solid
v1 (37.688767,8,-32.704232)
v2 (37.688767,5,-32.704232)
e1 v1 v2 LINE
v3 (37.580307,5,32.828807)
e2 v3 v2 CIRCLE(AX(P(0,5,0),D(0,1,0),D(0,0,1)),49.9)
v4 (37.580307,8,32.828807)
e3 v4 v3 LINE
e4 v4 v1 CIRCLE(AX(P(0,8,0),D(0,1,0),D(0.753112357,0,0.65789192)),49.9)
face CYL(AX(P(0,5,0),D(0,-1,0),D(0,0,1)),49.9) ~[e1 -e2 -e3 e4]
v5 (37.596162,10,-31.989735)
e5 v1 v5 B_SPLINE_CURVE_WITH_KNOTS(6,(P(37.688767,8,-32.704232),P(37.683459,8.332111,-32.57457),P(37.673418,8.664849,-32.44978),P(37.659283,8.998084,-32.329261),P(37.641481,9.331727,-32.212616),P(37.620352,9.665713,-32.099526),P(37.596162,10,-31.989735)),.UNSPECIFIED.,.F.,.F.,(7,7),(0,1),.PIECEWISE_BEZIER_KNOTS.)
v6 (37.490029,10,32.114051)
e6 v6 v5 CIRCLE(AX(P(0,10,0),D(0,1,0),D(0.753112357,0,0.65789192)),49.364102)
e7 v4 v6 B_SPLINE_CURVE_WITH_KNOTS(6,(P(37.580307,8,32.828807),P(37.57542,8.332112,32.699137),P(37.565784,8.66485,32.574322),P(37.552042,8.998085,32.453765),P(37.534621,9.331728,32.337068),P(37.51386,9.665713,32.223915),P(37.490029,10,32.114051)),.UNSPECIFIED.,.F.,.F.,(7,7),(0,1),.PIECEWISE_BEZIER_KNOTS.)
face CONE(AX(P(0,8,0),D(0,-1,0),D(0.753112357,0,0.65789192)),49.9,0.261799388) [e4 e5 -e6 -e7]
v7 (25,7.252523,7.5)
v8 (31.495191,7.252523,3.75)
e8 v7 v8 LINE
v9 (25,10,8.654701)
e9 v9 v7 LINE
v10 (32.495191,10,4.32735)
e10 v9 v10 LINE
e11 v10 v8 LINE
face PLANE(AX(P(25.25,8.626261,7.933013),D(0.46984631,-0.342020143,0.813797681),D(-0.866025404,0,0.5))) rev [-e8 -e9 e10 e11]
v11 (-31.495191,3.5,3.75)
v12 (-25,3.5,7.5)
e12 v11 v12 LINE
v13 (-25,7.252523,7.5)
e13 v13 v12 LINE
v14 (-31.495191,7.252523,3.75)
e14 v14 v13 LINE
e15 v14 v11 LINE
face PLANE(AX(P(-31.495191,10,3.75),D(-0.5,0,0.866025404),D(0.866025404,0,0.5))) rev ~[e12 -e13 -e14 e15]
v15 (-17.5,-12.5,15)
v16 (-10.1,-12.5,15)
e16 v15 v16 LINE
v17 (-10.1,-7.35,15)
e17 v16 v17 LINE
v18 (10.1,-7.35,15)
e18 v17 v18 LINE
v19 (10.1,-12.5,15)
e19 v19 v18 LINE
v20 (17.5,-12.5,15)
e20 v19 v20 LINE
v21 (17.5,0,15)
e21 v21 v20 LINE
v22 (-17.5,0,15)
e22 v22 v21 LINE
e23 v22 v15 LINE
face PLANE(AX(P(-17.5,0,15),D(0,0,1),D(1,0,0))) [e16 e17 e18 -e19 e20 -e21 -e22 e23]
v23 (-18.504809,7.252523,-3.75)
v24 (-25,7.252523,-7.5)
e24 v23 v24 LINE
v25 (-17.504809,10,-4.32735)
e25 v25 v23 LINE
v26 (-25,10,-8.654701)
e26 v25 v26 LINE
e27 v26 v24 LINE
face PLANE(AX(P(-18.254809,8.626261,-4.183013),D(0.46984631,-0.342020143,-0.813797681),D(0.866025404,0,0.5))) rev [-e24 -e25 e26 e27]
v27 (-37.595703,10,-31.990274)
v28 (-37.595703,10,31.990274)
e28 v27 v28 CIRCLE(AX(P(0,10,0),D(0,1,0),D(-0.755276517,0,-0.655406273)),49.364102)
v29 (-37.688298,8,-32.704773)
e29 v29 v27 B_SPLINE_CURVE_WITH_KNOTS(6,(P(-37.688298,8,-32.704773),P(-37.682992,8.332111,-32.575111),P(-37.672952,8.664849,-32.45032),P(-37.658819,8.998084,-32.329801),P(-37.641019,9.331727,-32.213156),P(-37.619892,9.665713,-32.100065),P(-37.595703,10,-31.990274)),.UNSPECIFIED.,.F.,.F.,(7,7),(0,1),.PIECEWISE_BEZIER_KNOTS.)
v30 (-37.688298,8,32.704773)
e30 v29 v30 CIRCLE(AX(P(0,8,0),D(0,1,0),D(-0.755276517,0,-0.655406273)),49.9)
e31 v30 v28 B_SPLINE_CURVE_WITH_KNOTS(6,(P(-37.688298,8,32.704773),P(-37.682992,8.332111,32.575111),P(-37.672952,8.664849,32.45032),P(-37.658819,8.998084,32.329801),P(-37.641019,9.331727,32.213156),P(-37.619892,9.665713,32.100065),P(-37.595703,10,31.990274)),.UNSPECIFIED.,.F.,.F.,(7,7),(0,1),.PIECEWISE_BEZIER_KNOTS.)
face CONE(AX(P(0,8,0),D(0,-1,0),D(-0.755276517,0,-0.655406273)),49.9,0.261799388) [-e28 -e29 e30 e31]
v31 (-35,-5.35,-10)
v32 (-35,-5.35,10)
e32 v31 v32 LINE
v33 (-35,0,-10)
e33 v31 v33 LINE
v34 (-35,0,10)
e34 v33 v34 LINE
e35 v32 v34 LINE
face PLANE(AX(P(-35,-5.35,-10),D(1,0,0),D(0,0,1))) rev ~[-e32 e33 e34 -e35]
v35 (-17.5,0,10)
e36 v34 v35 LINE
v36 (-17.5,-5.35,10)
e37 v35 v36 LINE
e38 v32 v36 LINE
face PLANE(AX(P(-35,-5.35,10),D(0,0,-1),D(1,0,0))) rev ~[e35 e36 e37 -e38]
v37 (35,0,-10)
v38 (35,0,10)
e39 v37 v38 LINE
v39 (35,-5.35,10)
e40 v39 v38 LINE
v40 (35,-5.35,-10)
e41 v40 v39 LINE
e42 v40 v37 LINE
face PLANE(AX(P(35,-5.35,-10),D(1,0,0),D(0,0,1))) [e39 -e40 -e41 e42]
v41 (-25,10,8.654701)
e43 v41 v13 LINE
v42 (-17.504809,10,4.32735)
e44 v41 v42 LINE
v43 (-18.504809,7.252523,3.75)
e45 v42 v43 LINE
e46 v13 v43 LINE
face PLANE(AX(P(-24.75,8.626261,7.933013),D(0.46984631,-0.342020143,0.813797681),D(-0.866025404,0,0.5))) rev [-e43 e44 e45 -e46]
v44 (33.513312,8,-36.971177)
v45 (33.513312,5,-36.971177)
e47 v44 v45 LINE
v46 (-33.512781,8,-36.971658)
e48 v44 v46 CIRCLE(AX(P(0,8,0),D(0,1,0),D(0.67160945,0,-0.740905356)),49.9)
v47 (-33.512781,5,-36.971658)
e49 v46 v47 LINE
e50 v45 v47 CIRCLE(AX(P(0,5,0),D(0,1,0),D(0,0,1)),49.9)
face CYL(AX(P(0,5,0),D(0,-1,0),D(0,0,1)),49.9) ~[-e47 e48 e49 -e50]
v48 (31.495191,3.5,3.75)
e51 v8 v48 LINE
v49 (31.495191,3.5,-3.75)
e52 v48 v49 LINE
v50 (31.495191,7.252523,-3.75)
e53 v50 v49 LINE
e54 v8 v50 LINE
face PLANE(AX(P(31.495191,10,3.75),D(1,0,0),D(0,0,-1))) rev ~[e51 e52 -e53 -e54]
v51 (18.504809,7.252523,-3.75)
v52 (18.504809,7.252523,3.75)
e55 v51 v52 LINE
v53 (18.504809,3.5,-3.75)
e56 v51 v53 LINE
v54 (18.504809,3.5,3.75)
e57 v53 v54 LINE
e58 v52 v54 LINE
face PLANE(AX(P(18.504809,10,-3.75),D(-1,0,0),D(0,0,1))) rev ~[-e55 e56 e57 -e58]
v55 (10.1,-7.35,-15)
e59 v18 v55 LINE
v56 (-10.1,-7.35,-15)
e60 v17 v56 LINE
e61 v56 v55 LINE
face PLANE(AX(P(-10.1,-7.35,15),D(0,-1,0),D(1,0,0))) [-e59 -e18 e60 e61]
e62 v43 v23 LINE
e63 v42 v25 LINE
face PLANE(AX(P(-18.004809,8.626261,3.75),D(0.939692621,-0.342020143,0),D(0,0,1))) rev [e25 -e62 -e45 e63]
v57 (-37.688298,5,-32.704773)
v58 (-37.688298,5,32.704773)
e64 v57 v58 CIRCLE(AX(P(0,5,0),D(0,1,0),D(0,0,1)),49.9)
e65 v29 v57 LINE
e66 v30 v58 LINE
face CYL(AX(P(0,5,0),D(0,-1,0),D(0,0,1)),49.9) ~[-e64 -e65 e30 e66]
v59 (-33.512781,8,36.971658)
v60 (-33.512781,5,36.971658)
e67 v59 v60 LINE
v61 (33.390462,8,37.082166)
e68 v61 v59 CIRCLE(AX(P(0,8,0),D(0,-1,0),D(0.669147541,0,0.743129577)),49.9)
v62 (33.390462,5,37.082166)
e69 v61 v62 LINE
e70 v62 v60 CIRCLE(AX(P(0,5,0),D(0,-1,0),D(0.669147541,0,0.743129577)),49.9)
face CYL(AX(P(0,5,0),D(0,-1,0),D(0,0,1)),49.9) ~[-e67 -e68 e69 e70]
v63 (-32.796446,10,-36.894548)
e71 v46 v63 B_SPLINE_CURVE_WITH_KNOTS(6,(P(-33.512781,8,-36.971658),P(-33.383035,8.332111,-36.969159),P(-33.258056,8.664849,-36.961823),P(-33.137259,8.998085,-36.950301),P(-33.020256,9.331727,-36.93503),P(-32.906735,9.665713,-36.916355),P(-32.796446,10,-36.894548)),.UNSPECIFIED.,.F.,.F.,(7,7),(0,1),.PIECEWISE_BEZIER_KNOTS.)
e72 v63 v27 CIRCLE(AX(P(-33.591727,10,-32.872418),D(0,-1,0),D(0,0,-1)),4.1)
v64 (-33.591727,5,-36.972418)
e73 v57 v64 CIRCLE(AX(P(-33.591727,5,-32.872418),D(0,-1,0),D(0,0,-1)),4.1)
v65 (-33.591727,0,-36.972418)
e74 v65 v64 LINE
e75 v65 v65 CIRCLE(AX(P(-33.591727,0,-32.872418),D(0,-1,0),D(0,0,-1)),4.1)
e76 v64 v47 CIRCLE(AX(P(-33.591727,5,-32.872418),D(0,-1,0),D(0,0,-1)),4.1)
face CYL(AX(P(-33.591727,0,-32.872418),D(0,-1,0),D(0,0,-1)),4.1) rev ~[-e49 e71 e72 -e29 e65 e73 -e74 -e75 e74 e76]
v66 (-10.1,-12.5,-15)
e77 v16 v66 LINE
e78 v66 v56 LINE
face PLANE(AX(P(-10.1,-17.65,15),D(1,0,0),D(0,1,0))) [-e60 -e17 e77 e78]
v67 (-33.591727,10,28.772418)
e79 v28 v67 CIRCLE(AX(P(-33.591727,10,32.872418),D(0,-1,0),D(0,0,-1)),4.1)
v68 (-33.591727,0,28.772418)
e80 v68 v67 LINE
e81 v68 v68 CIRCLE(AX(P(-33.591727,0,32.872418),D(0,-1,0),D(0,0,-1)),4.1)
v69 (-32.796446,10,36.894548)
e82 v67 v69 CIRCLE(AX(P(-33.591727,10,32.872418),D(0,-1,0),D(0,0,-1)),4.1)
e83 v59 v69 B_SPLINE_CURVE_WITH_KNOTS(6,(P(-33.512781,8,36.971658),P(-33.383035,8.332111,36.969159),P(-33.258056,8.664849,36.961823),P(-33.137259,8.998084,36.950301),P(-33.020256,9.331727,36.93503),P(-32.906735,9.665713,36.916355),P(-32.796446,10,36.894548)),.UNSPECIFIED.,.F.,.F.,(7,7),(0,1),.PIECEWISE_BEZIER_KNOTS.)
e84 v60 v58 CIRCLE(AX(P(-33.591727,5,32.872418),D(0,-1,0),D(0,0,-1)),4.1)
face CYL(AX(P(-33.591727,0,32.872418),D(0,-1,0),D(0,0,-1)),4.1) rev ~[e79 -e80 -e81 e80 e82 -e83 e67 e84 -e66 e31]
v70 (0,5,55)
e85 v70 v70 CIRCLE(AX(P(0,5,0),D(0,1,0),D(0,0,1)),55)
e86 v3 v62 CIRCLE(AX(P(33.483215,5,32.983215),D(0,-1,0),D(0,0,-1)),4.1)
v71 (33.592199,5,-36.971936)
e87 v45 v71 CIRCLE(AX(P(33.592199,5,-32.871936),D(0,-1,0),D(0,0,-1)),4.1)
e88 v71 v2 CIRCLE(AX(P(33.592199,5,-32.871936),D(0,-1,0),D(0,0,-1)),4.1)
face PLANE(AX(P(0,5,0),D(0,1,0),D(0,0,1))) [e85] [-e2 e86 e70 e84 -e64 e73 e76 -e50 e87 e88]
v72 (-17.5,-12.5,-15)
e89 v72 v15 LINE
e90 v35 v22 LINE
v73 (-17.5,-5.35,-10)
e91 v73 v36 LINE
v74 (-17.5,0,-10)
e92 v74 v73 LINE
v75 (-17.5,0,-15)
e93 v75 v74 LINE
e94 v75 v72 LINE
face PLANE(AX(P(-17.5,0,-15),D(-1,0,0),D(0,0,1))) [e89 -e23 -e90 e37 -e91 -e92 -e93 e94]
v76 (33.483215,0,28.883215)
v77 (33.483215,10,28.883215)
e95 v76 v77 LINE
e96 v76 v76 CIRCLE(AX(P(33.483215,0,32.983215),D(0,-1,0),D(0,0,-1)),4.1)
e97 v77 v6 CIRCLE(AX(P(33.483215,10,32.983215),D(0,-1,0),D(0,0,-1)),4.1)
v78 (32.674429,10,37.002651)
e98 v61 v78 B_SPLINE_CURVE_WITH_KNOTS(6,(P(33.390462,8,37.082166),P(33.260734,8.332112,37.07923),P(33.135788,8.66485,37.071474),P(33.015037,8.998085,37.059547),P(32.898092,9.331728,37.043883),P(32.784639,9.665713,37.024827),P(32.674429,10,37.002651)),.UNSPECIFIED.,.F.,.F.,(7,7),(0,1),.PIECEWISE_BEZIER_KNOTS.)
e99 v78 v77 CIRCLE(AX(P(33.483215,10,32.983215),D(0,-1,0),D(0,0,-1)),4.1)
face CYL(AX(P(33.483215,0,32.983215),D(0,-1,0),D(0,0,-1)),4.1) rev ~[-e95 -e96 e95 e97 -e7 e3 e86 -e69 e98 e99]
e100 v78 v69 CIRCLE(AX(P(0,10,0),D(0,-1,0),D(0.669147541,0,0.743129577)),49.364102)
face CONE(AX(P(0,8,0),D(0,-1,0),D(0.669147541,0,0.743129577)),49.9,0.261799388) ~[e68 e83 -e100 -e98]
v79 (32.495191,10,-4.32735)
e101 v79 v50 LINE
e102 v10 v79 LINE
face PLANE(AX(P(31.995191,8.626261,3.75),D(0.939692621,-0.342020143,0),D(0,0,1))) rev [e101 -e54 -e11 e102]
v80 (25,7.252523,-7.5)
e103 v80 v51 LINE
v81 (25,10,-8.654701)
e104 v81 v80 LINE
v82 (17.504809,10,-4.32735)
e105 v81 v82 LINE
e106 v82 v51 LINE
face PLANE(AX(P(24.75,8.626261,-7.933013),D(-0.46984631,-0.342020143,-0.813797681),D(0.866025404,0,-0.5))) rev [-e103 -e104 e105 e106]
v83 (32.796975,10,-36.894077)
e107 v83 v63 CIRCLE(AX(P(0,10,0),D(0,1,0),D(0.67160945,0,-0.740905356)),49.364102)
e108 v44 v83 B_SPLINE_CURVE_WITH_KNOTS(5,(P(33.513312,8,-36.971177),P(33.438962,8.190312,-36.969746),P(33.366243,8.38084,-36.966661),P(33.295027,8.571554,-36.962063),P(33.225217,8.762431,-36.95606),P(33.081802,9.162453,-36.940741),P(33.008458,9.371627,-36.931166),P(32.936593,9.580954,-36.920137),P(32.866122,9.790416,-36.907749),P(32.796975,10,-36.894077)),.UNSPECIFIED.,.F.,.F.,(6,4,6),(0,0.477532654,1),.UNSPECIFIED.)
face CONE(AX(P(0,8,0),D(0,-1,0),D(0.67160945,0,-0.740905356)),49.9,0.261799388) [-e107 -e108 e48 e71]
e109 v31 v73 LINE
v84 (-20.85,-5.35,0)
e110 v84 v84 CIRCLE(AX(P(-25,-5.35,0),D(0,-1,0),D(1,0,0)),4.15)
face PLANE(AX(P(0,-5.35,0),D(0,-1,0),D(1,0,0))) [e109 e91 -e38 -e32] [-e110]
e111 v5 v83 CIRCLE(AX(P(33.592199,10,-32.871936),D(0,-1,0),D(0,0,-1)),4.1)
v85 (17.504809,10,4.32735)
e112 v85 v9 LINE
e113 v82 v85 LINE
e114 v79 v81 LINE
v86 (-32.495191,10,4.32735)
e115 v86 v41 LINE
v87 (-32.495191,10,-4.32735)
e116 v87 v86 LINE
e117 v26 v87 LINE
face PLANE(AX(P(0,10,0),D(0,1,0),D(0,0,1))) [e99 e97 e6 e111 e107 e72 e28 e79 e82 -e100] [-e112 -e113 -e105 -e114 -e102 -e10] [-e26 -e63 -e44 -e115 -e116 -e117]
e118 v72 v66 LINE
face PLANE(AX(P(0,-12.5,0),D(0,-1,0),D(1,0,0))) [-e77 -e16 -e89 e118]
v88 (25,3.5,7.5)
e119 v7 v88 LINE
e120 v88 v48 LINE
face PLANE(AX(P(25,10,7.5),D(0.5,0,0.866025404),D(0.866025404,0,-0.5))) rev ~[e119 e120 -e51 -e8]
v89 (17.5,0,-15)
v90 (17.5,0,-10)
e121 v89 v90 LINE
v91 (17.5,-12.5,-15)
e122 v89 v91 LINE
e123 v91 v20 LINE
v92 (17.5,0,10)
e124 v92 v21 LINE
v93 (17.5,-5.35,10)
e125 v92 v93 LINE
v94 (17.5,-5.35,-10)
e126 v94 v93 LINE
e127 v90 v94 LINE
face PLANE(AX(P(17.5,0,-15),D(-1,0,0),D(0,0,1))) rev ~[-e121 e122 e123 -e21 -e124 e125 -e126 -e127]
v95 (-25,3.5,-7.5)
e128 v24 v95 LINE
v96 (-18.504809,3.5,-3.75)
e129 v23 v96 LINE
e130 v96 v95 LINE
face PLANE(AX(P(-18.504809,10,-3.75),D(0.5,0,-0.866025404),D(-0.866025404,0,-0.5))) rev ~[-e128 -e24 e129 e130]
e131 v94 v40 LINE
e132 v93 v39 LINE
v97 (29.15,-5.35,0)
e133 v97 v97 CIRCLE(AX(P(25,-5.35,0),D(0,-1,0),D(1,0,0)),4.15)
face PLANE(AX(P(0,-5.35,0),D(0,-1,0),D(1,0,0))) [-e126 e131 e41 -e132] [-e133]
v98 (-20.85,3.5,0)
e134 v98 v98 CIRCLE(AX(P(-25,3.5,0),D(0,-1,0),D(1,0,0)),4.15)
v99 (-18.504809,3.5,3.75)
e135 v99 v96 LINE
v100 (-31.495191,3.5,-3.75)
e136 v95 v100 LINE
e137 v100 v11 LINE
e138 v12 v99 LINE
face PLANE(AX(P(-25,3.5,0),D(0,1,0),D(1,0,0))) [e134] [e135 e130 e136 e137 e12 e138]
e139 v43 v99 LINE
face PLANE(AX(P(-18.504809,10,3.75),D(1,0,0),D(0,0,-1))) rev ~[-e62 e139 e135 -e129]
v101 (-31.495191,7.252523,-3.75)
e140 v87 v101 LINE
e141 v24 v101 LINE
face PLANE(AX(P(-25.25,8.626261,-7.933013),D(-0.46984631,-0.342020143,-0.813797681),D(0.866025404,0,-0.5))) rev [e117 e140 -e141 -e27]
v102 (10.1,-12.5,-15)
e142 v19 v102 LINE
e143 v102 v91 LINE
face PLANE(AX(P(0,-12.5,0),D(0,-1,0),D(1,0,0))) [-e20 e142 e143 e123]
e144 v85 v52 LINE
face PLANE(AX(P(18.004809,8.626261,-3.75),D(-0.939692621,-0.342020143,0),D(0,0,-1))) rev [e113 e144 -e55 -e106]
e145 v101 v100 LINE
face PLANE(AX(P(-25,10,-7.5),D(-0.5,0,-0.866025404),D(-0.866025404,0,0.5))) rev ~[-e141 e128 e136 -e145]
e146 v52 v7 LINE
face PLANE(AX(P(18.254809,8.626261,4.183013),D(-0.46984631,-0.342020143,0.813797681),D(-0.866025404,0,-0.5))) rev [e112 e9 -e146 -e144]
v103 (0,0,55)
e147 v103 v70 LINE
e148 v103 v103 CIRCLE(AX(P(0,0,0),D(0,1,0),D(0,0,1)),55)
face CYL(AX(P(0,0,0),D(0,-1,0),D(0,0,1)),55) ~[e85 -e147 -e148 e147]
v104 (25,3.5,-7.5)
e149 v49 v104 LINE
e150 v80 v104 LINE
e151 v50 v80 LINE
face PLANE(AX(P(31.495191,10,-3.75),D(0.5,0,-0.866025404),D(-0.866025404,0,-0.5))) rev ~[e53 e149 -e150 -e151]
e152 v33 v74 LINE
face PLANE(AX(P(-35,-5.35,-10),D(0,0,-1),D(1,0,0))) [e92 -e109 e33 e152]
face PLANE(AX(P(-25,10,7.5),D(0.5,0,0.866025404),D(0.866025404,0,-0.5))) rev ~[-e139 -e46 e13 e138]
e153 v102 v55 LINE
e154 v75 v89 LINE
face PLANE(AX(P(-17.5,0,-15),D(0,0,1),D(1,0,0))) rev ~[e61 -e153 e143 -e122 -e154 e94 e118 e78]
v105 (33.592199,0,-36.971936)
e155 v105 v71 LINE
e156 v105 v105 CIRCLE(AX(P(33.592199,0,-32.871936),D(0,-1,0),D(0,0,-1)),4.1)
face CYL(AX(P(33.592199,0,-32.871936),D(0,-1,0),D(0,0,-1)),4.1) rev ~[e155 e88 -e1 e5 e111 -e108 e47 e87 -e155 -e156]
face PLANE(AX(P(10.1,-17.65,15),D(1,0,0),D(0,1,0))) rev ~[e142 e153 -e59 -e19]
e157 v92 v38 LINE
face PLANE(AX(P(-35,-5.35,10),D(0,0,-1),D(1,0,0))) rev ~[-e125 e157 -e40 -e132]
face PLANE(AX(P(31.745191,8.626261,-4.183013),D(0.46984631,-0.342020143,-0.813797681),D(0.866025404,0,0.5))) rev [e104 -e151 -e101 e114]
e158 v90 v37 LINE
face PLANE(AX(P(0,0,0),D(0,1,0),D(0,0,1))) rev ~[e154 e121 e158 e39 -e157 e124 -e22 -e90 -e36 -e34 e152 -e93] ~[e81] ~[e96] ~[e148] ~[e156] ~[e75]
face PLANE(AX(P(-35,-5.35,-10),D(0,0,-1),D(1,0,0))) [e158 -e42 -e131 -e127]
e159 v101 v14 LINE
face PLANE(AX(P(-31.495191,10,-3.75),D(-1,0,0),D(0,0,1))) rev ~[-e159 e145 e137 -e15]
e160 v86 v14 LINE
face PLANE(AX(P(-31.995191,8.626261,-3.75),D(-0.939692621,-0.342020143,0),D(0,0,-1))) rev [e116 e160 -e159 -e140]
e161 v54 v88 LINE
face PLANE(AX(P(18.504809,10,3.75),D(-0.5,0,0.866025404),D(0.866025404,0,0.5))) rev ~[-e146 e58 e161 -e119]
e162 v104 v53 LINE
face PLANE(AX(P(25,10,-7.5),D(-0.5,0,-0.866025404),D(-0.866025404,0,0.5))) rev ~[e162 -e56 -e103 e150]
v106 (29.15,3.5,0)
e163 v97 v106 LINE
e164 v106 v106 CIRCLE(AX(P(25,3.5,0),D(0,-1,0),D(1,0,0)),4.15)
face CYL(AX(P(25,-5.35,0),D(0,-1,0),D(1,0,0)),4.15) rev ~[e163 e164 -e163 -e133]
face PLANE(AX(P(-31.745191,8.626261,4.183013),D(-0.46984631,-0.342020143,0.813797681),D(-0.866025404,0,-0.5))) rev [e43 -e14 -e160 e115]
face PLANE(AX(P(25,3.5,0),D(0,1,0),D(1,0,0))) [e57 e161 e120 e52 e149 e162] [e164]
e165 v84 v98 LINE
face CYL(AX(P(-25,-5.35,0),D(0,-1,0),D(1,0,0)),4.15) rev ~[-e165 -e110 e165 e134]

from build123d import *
from OCP.BRepFilletAPI import BRepFilletAPI_MakeChamfer

# Parameters (mm, degrees)
SKETCH_1_R          = 55
EXTRUDE_1_DEPTH     = 5
SKETCH_2_R          = 49.9
EXTRUDE_2_DEPTH     = 5
SKETCH_3_W          = 35
SKETCH_3_H          = 30
EXTRUDE_3_DEPTH     = 25
SKETCH_4_W          = 20.2
SKETCH_4_H          = 10.3
CUT_EXTRUDE_1_DEPTH = 93.466210045
SKETCH_5_R          = 4.1
CUT_EXTRUDE_2_DEPTH = 82.700673192
CHAMFER1_SIZE       = 2
CHAMFER1_SIZE2      = 0.535898385
SKETCH2_W           = 35
SKETCH2_H           = 30
CUT_EXTRUDE1_DEPTH  = 12.5
BOSS_EXTRUDE1_START = -2
SKETCH4_W           = 70
SKETCH4_H           = 20
BOSS_EXTRUDE1_DEPTH = 5.35
SKETCH5_R           = 4.15
CUT_EXTRUDE2_DEPTH  = 80.281917882
CUT_EXTRUDE3_DEPTH  = 6.5
CHAMFER2_SIZE       = 1
CHAMFER2_SIZE2      = 2.747477419


with BuildPart() as part:
    # Эскиз1 → Бобышка-Вытянуть1 (new body)
    with BuildSketch(Plane(origin=(0, 0, 0), x_dir=(1, 0, 0), z_dir=(0, 1, 0))):
        with Locations(Location((0, 0, 0), (0, 0, 270))):
            Circle(SKETCH_1_R)
    extrude(amount=EXTRUDE_1_DEPTH)

    # Эскиз2 → Бобышка-Вытянуть2 (add)
    with BuildSketch(Plane(origin=(0, 5, 0), x_dir=(1, 0, 0), z_dir=(0, 1, 0))):
        with Locations(Location((0, 0, 0), (0, 0, 270))):
            Circle(SKETCH_2_R)
    extrude(amount=EXTRUDE_2_DEPTH)

    # Эскиз3 → Бобышка-Вытянуть3 (add)
    with BuildSketch(Plane.XZ):
        Rectangle(SKETCH_3_W, SKETCH_3_H)
    extrude(amount=EXTRUDE_3_DEPTH)

    # Эскиз4 → Вырез-Вытянуть1 (cut, through all)
    with BuildSketch(Plane.XY.offset(15)):
        with Locations((0, -12.5)):
            Rectangle(SKETCH_4_W, SKETCH_4_H)
    extrude(amount=-CUT_EXTRUDE_1_DEPTH, mode=Mode.SUBTRACT)

    # Эскиз5 → Вырез-Вытянуть2 (cut, through all)
    with BuildSketch(Plane.XZ):
        with Locations(Location((33.592198598, -32.871936263, 0), (0, 0, 270))):
            Circle(SKETCH_5_R)
        with Locations(Location((-33.591727056, -32.872418125, 0), (0, 0, 270))):
            Circle(SKETCH_5_R)
        with Locations(Location((-33.591727056, 32.872418125, 0), (0, 0, 270))):
            Circle(SKETCH_5_R)
        with Locations(Location((33.483215177, 32.983215177, 0), (0, 0, 270))):
            Circle(SKETCH_5_R)
    extrude(amount=-CUT_EXTRUDE_2_DEPTH, mode=Mode.SUBTRACT)

    # Chamfer1: one chamfer whose edges measure the first distance from different faces: ONE call of the kernel's chamfer builder (chamfer() names one face for all edges)
    chamfer1_edges_1 = [part.edges().sort_by_distance(p)[0] for p in [
        (0.000357897, 10, -49.899999999),
    ]]
    chamfer1_side_1 = [part.faces().sort_by_distance(p)[0] for p in [
        (0.000357897, 7.5, -49.899999999),
    ]]
    chamfer1_edges_2 = [part.edges().sort_by_distance(p)[0] for p in [
        (-49.9, 10, 0),
    ]]
    chamfer1_side_2 = [part.faces().sort_by_distance(p)[0] for p in [
        (-49.9, 7.5, 0),
    ]]
    chamfer1_edges_3 = [part.edges().sort_by_distance(p)[0] for p in [
        (-0.08242255, 10, 49.899931929),
    ]]
    chamfer1_side_3 = [part.faces().sort_by_distance(p)[0] for p in [
        (-0.08242255, 7.5, 49.899931929),
    ]]
    chamfer1_edges_4 = [part.edges().sort_by_distance(p)[0] for p in [
        (49.899931657, 10, 0.082587101),
    ]]
    chamfer1_side_4 = [part.faces().sort_by_distance(p)[0] for p in [
        (49.899931657, 7.5, 0.082587101),
    ]]
    chamfer1 = BRepFilletAPI_MakeChamfer(part.part.solid().wrapped)
    for e in chamfer1_edges_1:
        chamfer1.Add(CHAMFER1_SIZE, CHAMFER1_SIZE2, e.wrapped, chamfer1_side_1[0].wrapped)  # the first distance lies on this face
    for e in chamfer1_edges_2:
        chamfer1.Add(CHAMFER1_SIZE, CHAMFER1_SIZE2, e.wrapped, chamfer1_side_2[0].wrapped)  # the first distance lies on this face
    for e in chamfer1_edges_3:
        chamfer1.Add(CHAMFER1_SIZE, CHAMFER1_SIZE2, e.wrapped, chamfer1_side_3[0].wrapped)  # the first distance lies on this face
    for e in chamfer1_edges_4:
        chamfer1.Add(CHAMFER1_SIZE, CHAMFER1_SIZE2, e.wrapped, chamfer1_side_4[0].wrapped)  # the first distance lies on this face
    add(Compound.cast(chamfer1.Shape()), mode=Mode.REPLACE)

    # Sketch2 → Cut-Extrude1 (cut)
    with BuildSketch(Plane.XZ.offset(25)):
        Rectangle(SKETCH2_W, SKETCH2_H)
    extrude(amount=-CUT_EXTRUDE1_DEPTH, mode=Mode.SUBTRACT)

    # Sketch4 → Boss-Extrude1 (add)
    with BuildSketch(Plane.XZ.offset(7.35).offset(BOSS_EXTRUDE1_START)):
        Rectangle(SKETCH4_W, SKETCH4_H)
    extrude(amount=-BOSS_EXTRUDE1_DEPTH)

    # Sketch5 → Cut-Extrude2 (cut, through all)
    with BuildSketch(Plane.XZ.offset(5.35)):
        with Locations((25, 0)):
            Circle(SKETCH5_R)
        with Locations((-25, 0)):
            Circle(SKETCH5_R)
    extrude(amount=-CUT_EXTRUDE2_DEPTH, mode=Mode.SUBTRACT)

    # Sketch6 → Cut-Extrude3 (cut)
    with BuildSketch(Plane(origin=(0, 10, 0), x_dir=(1, 0, 0), z_dir=(0, 1, 0))):
        Polygon((-18.504809472, 3.75), (-25, 7.5), (-31.495190528, 3.75), (-31.495190528, -3.75), (-25, -7.5), (-18.504809472, -3.75), align=None)
        Polygon((31.495190528, 3.75), (25, 7.5), (18.504809472, 3.75), (18.504809472, -3.75), (25, -7.5), (31.495190528, -3.75), align=None)
    extrude(amount=-CUT_EXTRUDE3_DEPTH, mode=Mode.SUBTRACT)

    # Chamfer2
    chamfer2_edges = [part.edges().sort_by_distance(p)[0] for p in [
        (-18.504809472, 10, 0),
        (-21.752404736, 10, -5.625),
        (-28.247595264, 10, -5.625),
        (-31.495190528, 10, 0),
        (-28.247595264, 10, 5.625),
        (-21.752404736, 10, 5.625),
        (31.495190528, 10, 0),
        (28.247595264, 10, -5.625),
        (21.752404736, 10, -5.625),
        (18.504809472, 10, 0),
        (21.752404736, 10, 5.625),
        (28.247595264, 10, 5.625),
    ]]
    chamfer2_side = [part.faces().sort_by_distance(p)[0] for p in [
        (0.000665728, 10, -0.000672626),
    ]]
    chamfer(chamfer2_edges, length=CHAMFER2_SIZE, length2=CHAMFER2_SIZE2, reference=chamfer2_side[0])


solid = part.part
